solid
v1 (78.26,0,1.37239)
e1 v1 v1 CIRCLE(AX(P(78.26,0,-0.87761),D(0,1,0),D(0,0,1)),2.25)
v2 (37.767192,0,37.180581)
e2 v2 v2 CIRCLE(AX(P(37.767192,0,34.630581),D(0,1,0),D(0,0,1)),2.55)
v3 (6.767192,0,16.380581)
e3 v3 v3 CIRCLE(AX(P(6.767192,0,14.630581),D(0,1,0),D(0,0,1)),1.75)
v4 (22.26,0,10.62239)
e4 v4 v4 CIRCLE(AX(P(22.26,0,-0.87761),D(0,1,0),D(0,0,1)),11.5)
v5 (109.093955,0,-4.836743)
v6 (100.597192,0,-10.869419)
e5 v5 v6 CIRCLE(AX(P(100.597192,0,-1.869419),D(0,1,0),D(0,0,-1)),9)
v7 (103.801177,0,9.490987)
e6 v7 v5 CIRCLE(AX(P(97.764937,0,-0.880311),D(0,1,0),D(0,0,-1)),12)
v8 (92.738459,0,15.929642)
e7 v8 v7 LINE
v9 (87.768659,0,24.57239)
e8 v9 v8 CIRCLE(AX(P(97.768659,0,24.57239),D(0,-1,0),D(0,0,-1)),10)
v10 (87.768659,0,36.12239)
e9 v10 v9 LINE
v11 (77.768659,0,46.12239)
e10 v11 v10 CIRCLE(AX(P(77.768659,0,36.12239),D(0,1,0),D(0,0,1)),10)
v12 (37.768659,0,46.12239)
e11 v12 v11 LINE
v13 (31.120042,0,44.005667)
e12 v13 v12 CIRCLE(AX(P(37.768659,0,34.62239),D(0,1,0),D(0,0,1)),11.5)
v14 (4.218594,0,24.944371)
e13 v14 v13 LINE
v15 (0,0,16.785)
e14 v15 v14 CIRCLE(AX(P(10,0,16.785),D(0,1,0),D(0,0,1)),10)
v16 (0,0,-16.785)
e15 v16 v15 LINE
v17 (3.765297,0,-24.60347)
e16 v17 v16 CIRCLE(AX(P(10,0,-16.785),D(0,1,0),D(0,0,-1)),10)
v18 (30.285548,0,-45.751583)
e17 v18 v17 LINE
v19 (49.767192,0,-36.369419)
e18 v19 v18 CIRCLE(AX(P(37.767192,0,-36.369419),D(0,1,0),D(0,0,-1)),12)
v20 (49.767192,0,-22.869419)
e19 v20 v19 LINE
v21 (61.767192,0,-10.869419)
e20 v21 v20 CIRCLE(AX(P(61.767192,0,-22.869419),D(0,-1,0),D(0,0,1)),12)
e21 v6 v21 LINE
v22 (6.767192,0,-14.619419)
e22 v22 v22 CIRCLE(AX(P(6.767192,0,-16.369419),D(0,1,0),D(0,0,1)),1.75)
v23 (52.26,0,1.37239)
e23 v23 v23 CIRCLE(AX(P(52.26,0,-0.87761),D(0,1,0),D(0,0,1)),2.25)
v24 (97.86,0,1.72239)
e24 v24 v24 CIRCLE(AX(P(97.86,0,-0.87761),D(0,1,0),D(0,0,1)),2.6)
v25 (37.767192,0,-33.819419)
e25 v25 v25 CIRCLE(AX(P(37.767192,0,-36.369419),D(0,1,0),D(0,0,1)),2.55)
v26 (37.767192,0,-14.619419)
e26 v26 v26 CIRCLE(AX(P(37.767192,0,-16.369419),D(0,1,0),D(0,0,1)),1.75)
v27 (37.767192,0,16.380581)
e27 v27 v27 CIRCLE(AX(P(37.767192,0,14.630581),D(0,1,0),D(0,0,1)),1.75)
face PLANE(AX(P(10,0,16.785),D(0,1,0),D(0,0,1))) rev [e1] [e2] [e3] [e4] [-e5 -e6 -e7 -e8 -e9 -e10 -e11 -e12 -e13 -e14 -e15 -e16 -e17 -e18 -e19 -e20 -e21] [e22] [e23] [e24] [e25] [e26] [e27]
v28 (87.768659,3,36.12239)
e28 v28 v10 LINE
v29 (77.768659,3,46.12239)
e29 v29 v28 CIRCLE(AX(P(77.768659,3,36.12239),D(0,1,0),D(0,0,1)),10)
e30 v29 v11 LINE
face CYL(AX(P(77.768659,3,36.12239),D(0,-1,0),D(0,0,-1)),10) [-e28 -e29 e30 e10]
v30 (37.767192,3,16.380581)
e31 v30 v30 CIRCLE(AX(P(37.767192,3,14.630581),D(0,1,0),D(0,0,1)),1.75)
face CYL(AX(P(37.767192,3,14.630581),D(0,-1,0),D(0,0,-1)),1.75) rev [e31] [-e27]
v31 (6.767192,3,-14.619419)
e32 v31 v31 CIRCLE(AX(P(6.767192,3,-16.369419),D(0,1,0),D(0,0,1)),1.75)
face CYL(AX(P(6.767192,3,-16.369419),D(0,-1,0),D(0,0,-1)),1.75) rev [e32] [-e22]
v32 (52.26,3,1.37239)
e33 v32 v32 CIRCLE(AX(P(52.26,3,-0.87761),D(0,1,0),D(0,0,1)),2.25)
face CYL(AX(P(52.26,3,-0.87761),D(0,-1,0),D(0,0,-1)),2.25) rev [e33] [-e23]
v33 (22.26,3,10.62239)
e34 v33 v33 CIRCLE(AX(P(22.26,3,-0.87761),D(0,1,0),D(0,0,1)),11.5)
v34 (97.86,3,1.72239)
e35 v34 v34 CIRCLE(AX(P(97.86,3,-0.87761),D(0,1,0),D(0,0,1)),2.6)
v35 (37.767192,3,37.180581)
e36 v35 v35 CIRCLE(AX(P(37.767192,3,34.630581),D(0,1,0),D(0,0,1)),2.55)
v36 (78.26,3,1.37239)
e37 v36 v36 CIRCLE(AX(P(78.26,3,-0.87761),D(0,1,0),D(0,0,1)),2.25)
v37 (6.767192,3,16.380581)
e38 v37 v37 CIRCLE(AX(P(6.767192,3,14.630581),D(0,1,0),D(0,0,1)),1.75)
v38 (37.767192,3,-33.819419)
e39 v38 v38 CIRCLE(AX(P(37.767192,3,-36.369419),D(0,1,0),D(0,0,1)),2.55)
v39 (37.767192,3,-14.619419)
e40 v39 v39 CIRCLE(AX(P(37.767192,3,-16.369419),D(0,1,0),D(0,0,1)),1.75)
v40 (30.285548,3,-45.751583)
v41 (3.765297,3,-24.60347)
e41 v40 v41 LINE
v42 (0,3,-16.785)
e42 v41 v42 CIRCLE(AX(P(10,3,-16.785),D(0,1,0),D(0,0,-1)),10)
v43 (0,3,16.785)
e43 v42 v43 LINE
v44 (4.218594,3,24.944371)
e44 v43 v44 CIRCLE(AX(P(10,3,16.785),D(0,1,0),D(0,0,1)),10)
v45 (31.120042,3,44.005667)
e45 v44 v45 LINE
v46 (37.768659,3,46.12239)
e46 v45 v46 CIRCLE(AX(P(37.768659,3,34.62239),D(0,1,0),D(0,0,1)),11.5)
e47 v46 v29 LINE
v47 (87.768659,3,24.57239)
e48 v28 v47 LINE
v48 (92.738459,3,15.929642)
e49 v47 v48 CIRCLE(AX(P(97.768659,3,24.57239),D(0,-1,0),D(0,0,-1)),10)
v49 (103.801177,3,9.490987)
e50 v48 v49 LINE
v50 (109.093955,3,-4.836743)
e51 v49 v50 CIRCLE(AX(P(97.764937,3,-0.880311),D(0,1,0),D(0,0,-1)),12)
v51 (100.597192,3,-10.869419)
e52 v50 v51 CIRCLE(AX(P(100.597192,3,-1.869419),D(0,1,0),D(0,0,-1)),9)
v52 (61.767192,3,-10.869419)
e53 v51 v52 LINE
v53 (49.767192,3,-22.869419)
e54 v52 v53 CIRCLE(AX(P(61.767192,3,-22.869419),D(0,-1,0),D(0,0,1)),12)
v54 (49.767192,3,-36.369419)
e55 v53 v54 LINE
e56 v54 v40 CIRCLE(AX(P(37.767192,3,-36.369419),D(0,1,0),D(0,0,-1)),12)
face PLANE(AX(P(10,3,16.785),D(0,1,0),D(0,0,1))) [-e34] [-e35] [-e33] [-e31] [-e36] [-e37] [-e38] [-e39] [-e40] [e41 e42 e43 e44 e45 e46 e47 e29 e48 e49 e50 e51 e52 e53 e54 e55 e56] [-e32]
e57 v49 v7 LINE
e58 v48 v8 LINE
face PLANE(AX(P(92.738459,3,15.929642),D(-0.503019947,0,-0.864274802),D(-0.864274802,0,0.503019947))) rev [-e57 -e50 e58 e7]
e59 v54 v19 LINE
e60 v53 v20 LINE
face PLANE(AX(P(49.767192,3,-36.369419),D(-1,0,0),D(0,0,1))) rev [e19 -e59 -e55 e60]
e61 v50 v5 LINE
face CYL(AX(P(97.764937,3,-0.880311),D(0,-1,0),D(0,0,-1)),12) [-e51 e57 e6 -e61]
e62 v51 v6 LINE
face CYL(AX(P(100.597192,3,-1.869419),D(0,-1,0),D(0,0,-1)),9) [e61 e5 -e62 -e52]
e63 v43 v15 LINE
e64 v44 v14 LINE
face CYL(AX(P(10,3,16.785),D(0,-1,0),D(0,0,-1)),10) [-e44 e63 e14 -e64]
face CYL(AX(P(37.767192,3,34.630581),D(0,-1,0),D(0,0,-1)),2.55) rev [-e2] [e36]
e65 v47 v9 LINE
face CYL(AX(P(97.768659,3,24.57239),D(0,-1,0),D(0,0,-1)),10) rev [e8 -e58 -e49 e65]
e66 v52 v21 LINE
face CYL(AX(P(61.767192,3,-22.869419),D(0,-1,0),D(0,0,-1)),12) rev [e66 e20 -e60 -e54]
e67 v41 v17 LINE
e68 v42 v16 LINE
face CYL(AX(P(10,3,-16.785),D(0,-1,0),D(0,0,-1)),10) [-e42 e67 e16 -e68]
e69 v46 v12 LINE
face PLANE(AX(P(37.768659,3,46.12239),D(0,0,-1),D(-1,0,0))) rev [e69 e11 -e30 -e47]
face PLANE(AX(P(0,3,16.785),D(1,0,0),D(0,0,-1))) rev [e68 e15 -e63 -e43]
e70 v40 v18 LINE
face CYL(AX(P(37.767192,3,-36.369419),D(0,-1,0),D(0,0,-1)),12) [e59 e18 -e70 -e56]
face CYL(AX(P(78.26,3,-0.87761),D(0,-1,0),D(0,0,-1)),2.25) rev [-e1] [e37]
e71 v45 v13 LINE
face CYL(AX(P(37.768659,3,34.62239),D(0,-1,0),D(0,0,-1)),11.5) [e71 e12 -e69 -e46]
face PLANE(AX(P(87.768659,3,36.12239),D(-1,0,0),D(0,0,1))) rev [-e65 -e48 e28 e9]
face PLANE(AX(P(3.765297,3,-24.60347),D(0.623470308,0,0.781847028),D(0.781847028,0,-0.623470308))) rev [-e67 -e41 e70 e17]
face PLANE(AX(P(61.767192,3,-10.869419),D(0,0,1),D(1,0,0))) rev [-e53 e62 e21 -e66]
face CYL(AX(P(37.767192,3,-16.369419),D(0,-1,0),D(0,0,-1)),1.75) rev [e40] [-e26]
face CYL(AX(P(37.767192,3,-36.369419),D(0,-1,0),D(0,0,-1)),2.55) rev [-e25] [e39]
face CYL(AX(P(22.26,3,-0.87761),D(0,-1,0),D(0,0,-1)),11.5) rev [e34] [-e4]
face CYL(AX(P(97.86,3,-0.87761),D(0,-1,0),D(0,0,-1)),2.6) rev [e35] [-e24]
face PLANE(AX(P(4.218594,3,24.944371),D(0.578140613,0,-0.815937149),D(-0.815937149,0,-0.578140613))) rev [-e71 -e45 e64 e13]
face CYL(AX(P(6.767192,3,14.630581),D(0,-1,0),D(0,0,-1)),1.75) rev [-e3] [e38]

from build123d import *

# Parameters (mm, degrees)
SKETCH2_R           = 2.55
SKETCH2_R_2         = 1.75
SKETCH2_R_3         = 11.5
SKETCH2_R_4         = 2.25
SKETCH2_R_5         = 2.6
BOSS_EXTRUDE1_DEPTH = 3


with BuildPart() as part:
    # Sketch2 → Boss-Extrude1 (new body)
    with BuildSketch(Plane(origin=(0, 0, 0), x_dir=(1, 0, 0), z_dir=(0, 1, 0))):
        with BuildLine():
            Line((0, -16.785), (0, 16.785))
            ThreePointArc((0, 16.785), (0.990365412, 21.123949711), (3.76529692, 24.603470279))
            Line((3.76529692, 24.603470279), (30.285548105, 45.751583128))
            ThreePointArc((30.285548105, 45.751583128), (42.973931455, 47.180980298), (49.767191801, 36.369418793))
            Line((49.767191801, 36.369418793), (49.767191801, 22.869418793))
            ThreePointArc((49.767191801, 22.869418793), (53.281910427, 14.384137419), (61.767191801, 10.869418793))
            Line((61.767191801, 10.869418793), (100.597191801, 10.869418793))
            ThreePointArc((100.597191801, 10.869418793), (105.807473987, 9.207876366), (109.093955082, 4.836743136))
            ThreePointArc((109.093955082, 4.836743136), (109.021446628, -3.277934075), (103.801176734, -9.490986945))
            Line((103.801176734, -9.490986945), (92.738459269, -15.929642261))
            ThreePointArc((92.738459269, -15.929642261), (89.099691246, -19.587512883), (87.768658735, -24.572390281))
            Line((87.768658735, -24.572390281), (87.768658735, -36.122390281))
            ThreePointArc((87.768658735, -36.122390281), (84.839726547, -43.193458093), (77.768658735, -46.122390281))
            Line((77.768658735, -46.122390281), (37.768658735, -46.122390281))
            ThreePointArc((37.768658735, -46.122390281), (34.279940347, -45.58043956), (31.120041688, -44.005667499))
            Line((31.120041688, -44.005667499), (4.218593872, -24.944371494))
            ThreePointArc((4.218593872, -24.944371494), (1.117037057, -21.377708281), (0, -16.785))
        make_face()
        with Locations(Location((37.767191801, 36.369418793, 0), (0, 0, 270))):
            Circle(SKETCH2_R, mode=Mode.SUBTRACT)
        with Locations(Location((37.767191801, 16.369418793, 0), (0, 0, 270))):
            Circle(SKETCH2_R_2, mode=Mode.SUBTRACT)
        with Locations(Location((22.26, 0.877609719, 0), (0, 0, 270))):
            Circle(SKETCH2_R_3, mode=Mode.SUBTRACT)
        with Locations(Location((37.767191801, -14.630581207, 0), (0, 0, 270))):
            Circle(SKETCH2_R_2, mode=Mode.SUBTRACT)
        with Locations(Location((6.767191801, -14.630581207, 0), (0, 0, 270))):
            Circle(SKETCH2_R_2, mode=Mode.SUBTRACT)
        with Locations(Location((6.767191801, 16.369418793, 0), (0, 0, 270))):
            Circle(SKETCH2_R_2, mode=Mode.SUBTRACT)
        with Locations(Location((52.26, 0.877609719, 0), (0, 0, 270))):
            Circle(SKETCH2_R_4, mode=Mode.SUBTRACT)
        with Locations(Location((78.26, 0.877609719, 0), (0, 0, 270))):
            Circle(SKETCH2_R_4, mode=Mode.SUBTRACT)
        with Locations(Location((97.86, 0.877609719, 0), (0, 0, 270))):
            Circle(SKETCH2_R_5, mode=Mode.SUBTRACT)
        with Locations(Location((37.767191801, -34.630581207, 0), (0, 0, 270))):
            Circle(SKETCH2_R, mode=Mode.SUBTRACT)
    extrude(amount=BOSS_EXTRUDE1_DEPTH)


solid = part.part
